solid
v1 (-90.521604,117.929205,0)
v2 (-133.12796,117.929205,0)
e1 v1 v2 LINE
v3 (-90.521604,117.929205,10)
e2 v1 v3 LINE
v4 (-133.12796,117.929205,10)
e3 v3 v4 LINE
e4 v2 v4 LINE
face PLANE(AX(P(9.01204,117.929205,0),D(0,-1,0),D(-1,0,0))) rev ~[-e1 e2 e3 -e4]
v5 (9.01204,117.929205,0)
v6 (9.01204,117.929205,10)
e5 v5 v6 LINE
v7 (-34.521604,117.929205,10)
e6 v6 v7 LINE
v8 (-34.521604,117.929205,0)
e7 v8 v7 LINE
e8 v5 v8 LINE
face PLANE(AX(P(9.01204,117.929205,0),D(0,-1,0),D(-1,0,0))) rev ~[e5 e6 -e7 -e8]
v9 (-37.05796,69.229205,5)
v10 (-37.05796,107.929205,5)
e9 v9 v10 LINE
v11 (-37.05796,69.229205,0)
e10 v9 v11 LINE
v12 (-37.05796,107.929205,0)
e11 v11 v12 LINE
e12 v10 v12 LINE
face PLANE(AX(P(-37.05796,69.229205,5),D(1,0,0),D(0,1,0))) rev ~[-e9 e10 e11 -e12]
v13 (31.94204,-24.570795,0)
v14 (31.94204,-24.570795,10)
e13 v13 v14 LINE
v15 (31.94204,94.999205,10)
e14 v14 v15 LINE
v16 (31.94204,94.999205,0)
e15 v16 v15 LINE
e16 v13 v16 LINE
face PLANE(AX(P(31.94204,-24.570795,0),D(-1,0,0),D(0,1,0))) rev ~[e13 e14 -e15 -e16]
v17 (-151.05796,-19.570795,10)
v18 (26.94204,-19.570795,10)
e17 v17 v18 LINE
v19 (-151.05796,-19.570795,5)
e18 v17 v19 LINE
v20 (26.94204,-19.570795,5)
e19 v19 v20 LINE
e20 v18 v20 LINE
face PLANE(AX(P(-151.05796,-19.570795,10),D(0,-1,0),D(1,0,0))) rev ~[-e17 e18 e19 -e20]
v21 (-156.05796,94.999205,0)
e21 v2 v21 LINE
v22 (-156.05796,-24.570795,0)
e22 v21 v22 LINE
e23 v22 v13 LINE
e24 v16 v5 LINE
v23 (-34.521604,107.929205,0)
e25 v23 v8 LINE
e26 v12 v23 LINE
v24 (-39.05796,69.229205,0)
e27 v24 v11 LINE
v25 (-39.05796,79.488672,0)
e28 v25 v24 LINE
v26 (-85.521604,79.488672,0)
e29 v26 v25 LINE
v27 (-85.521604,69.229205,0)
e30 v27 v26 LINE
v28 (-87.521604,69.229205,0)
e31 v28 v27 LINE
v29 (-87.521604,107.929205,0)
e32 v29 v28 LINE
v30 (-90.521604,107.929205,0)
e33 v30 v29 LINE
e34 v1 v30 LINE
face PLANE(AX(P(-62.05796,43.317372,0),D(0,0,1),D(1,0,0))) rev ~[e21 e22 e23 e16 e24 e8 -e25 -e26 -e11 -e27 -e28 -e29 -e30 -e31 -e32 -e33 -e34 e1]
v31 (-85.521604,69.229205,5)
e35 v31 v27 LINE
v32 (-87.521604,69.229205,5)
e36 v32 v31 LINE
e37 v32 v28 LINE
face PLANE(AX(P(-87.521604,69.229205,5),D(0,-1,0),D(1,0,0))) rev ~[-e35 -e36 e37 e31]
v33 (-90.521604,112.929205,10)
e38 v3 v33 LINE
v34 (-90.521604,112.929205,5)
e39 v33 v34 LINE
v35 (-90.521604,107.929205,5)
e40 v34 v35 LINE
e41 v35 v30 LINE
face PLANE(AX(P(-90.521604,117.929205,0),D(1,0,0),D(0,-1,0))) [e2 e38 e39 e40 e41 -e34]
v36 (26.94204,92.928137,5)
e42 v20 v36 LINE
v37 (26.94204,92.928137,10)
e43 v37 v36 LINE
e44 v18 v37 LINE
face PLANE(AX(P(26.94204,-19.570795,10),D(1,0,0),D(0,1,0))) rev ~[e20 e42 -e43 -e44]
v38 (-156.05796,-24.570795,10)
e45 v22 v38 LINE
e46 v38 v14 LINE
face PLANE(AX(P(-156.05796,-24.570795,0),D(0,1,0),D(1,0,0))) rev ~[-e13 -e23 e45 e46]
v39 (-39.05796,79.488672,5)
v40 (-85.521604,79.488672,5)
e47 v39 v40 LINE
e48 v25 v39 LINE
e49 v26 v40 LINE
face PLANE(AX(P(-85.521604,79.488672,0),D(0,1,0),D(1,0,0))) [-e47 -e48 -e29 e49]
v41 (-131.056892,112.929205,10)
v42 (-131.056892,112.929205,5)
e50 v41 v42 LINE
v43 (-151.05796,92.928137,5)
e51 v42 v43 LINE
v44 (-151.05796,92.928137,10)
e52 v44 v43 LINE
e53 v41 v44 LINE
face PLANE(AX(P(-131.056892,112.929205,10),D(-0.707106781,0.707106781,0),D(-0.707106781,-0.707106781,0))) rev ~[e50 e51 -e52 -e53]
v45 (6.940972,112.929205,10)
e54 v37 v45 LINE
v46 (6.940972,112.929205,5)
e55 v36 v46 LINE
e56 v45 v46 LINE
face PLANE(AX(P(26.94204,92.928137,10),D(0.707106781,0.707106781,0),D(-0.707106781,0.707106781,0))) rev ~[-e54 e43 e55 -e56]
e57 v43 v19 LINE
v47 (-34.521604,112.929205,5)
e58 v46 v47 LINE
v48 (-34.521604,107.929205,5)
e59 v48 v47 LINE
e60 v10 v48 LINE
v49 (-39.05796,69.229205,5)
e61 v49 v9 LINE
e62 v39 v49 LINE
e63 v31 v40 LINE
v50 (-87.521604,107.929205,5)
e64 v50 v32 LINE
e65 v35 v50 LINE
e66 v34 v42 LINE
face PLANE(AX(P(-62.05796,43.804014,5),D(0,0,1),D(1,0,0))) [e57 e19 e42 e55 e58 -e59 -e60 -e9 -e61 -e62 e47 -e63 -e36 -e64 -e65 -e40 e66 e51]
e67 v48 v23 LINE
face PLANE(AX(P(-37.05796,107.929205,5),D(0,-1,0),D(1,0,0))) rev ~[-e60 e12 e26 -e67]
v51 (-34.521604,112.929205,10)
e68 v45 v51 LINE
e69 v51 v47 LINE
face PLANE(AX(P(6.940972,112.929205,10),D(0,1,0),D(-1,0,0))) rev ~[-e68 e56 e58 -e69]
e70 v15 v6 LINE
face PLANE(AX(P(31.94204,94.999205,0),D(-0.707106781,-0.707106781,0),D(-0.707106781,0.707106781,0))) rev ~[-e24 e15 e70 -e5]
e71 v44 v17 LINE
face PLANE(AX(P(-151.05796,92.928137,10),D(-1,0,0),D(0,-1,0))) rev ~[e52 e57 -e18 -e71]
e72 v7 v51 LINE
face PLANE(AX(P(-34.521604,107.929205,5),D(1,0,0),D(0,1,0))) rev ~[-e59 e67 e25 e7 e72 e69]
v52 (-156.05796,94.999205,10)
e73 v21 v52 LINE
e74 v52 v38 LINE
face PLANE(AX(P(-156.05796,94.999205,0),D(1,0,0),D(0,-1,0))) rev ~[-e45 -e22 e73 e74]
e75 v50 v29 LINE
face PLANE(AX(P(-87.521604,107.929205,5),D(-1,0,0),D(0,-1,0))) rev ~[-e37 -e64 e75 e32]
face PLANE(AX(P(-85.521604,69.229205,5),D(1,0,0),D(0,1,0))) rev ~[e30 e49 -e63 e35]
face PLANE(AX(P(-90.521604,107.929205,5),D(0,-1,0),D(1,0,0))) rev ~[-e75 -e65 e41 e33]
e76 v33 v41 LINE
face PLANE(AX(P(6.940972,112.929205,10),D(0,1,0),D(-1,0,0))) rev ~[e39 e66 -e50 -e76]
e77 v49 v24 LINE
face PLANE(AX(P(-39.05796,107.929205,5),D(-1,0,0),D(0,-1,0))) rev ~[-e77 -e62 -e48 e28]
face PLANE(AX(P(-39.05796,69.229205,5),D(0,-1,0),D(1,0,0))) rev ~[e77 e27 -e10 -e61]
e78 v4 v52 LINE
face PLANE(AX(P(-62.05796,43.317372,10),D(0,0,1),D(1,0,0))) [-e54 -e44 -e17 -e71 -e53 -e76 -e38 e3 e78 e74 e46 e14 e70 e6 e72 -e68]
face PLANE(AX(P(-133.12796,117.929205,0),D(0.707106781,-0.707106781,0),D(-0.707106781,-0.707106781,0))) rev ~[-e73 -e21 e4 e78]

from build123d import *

# Parameters (mm, degrees)
F1_DEPTH = 10
F3_DEPTH = 5
F5_DEPTH = 5
F6_W     = 56
F6_H     = 8
F6_W_2   = 46.4636435509
F6_H_2   = 28.4405329078
F7_DEPTH = 10


with BuildPart() as f1:
    # F0 (on Top) → F1 (new body)
    with BuildSketch(Plane.XY):
        Polygon((-156.0579602718, 94.9992052239), (-156.0579602718, -24.5707947761), (31.9420397282, -24.5707947761), (31.9420397282, 94.9992052239), (9.0120397282, 117.9292052239), (-133.1279602718, 117.9292052239), align=None)
    extrude(amount=F1_DEPTH)

    # F2 (on face) → F3 (cut)
    with BuildSketch(Plane.XY.offset(10)):
        Polygon((26.9420397282, 92.9281374121), (6.9409719163, 112.9292052239), (-131.05689246, 112.9292052239), (-151.0579602718, 92.9281374121), (-151.0579602718, -19.5707947761), (26.9420397282, -19.5707947761), align=None)
    extrude(amount=-F3_DEPTH, mode=Mode.SUBTRACT)

    # F4 (on face) → F5 (cut)
    with BuildSketch(Plane.XY.offset(5)):
        Polygon((-87.5216038227, 107.9292052239), (-87.5216038227, 69.2292052239), (-85.5216038227, 69.2292052239), (-85.5216038227, 107.9292052239), (-39.0579602718, 107.9292052239), (-39.0579602718, 69.2292052239), (-37.0579602718, 69.2292052239), (-37.0579602718, 107.9292052239), (-34.5216038227, 107.9292052239), (-34.5216038227, 109.9292052239), (-87.5216038227, 109.9292052239), (-90.5216038227, 109.9292052239), (-90.5216038227, 107.9292052239), align=None)
    extrude(amount=-F5_DEPTH, mode=Mode.SUBTRACT)

    # F6 (on face) → F7 (cut)
    with BuildSketch(Plane(origin=(0, 0, 0), x_dir=(1, 0, 0), z_dir=(0, 0, -1))):
        with Locations((-62.5216038227, -113.9292052239)):
            Rectangle(F6_W, F6_H)
        with Locations((-62.2897820473, -93.70893877)):
            Rectangle(F6_W_2, F6_H_2)
    extrude(amount=-F7_DEPTH, mode=Mode.SUBTRACT)


solid = f1.part
